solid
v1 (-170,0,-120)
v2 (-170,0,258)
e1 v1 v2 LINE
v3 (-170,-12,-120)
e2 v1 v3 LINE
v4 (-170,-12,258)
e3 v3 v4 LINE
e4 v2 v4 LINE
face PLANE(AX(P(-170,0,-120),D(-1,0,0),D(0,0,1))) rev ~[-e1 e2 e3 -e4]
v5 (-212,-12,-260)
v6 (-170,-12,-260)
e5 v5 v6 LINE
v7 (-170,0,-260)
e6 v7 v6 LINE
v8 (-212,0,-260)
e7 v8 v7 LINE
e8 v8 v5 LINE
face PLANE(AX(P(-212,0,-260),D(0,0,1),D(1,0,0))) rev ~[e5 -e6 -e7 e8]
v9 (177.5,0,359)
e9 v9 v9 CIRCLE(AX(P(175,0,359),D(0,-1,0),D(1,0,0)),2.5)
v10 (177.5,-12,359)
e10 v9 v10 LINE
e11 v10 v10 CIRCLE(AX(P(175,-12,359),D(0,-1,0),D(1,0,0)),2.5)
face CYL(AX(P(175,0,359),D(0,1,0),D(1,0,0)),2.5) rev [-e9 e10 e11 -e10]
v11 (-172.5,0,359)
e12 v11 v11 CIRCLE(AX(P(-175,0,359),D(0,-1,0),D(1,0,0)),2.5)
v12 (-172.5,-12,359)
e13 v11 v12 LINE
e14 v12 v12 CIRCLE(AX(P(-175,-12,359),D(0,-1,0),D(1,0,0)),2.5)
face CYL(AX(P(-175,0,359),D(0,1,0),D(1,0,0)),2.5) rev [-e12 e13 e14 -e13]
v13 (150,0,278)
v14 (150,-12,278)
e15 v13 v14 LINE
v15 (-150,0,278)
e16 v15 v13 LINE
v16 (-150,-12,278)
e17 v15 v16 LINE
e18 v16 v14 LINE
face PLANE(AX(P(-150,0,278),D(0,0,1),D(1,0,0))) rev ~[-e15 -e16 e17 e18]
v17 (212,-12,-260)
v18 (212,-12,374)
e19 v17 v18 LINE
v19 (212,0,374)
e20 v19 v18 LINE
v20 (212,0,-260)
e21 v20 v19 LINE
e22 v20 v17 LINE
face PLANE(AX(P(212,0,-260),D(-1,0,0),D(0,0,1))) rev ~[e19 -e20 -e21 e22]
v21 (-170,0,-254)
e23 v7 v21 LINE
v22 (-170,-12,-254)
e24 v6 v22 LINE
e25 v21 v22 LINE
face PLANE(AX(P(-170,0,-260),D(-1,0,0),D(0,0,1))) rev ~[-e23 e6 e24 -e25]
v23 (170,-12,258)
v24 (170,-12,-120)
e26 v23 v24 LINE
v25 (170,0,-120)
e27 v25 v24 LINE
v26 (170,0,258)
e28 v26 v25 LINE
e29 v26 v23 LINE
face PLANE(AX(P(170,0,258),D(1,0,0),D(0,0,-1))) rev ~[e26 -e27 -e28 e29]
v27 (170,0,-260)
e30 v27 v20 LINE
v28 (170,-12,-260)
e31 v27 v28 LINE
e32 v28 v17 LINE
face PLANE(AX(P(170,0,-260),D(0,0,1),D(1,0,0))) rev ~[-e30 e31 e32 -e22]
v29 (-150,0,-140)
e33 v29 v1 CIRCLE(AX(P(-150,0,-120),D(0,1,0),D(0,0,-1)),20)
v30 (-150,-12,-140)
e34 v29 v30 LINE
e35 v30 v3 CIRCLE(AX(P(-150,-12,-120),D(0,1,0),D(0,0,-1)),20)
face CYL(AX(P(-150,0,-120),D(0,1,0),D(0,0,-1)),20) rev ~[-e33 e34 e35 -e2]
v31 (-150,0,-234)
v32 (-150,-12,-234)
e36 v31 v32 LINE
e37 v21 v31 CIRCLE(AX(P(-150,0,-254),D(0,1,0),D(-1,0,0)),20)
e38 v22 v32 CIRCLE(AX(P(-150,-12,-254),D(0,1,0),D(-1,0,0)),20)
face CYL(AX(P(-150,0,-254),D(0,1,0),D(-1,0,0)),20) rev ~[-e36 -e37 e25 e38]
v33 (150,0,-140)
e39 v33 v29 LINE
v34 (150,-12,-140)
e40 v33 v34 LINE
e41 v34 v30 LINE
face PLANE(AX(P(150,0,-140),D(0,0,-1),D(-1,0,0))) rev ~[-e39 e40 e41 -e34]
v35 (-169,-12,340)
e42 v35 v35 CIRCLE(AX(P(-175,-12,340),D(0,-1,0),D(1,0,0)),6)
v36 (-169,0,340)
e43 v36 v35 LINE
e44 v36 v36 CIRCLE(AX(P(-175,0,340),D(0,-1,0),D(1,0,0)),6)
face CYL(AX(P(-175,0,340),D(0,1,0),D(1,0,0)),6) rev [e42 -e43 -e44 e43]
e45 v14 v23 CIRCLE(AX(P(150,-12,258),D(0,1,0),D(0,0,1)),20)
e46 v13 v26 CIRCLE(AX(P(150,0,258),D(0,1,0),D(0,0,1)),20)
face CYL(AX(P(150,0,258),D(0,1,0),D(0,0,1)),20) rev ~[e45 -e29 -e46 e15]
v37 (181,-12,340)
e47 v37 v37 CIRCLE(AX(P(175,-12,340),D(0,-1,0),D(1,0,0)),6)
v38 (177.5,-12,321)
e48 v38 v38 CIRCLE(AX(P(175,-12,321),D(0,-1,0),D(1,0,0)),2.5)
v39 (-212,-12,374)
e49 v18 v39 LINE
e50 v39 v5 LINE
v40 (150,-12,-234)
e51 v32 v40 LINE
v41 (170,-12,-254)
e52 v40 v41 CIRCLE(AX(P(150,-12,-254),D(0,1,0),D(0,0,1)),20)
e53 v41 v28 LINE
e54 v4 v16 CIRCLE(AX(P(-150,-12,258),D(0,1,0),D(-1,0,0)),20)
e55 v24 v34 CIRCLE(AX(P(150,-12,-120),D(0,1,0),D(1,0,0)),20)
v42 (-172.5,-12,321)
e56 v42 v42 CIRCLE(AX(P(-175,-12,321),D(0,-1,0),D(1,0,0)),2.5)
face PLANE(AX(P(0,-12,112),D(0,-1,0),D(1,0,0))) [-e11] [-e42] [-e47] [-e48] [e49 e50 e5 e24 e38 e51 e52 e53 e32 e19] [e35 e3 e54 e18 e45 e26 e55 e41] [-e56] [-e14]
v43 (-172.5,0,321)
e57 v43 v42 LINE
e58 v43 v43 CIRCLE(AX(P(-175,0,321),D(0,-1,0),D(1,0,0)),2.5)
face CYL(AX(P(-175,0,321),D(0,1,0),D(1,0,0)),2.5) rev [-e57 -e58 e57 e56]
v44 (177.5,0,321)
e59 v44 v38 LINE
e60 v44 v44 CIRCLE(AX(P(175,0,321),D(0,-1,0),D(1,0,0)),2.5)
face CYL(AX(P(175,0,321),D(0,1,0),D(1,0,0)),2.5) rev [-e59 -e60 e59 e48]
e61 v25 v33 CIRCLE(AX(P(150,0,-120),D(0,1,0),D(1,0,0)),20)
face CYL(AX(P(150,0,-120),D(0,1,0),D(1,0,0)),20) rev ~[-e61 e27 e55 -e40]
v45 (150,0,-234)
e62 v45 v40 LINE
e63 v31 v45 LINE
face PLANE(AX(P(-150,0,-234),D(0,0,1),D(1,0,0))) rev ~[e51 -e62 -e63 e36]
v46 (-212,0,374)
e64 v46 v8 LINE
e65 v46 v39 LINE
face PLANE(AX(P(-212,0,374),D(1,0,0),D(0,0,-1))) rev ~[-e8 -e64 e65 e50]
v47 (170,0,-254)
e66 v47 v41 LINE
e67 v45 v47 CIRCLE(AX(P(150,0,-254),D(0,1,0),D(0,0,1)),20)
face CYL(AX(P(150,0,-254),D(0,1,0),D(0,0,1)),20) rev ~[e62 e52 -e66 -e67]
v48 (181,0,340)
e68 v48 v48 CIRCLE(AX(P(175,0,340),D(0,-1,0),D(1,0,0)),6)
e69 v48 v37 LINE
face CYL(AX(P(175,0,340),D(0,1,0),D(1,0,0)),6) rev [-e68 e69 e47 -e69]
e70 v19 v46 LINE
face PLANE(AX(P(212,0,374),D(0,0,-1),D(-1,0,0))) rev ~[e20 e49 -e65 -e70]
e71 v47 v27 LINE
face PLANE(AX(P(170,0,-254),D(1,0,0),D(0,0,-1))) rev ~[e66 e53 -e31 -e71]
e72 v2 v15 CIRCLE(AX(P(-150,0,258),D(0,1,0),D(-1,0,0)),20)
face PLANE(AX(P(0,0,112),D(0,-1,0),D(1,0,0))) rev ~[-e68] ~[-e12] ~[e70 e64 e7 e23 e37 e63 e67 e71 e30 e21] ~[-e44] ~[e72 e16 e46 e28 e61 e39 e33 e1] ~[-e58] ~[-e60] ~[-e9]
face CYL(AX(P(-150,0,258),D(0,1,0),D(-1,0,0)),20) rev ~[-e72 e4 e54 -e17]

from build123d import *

# Parameters (mm, degrees)
F1_W     = 400
F1_H     = 524
F1_R     = 2.5
F1_R_2   = 6
F1_H_2   = 12
F1_H_3   = 60
F2_DEPTH = 12


with BuildPart() as f2:
    # F1 (on Front) → F2 (new body)
    with BuildSketch(Plane.XZ):
        with Locations((0, 112)):
            Rectangle(F1_W, F1_H)
        with Locations((-175, 321)):
            Circle(F1_R, mode=Mode.SUBTRACT)
        with Locations((-175, 340)):
            Circle(F1_R_2, mode=Mode.SUBTRACT)
        with Locations((-175, 359)):
            Circle(F1_R, mode=Mode.SUBTRACT)
        with BuildLine():
            Line((-150, 278), (150, 278))
            ThreePointArc((150, 278), (164.1421356237, 272.1421356237), (170, 258))
            Line((170, 258), (170, -120))
            ThreePointArc((170, -120), (164.1421356237, -134.1421356237), (150, -140))
            Line((150, -140), (-150, -140))
            ThreePointArc((-150, -140), (-164.1421356237, -134.1421356237), (-170, -120))
            Line((-170, -120), (-170, 258))
            ThreePointArc((-170, 258), (-164.1421356237, 272.1421356237), (-150, 278))
        make_face(mode=Mode.SUBTRACT)
        with Locations((175, 321)):
            Circle(F1_R, mode=Mode.SUBTRACT)
        with Locations((175, 340)):
            Circle(F1_R_2, mode=Mode.SUBTRACT)
        with Locations((175, 359)):
            Circle(F1_R, mode=Mode.SUBTRACT)
        Polygon((212, 374), (200, 374), (200, -150), (200, -162), (200, -222), (200, -234), (200, -260), (212, -260), align=None)
        Polygon((-200, -150), (-200, 374), (-212, 374), (-212, -260), (-200, -260), (-200, -234), (-200, -222), (-200, -162), align=None)
        with Locations((0, -156)):
            Rectangle(F1_W, F1_H_2)
        with Locations((0, -192)):
            Rectangle(F1_W, F1_H_3)
        Polygon((200, -234), (200, -222), (-200, -222), (-200, -234), (-150, -234), (150, -234), align=None)
        with BuildLine():
            Line((-200, -234), (-200, -260))
            Line((-200, -260), (-170, -260))
            Line((-170, -260), (-170, -254))
            ThreePointArc((-170, -254), (-164.1421356237, -239.8578643763), (-150, -234))
            Line((-150, -234), (-200, -234))
        make_face()
        with BuildLine():
            Line((170, -260), (200, -260))
            Line((200, -260), (200, -234))
            Line((200, -234), (150, -234))
            ThreePointArc((150, -234), (164.1421356237, -239.8578643763), (170, -254))
            Line((170, -254), (170, -260))
        make_face()
    extrude(amount=F2_DEPTH)


solid = f2.part
